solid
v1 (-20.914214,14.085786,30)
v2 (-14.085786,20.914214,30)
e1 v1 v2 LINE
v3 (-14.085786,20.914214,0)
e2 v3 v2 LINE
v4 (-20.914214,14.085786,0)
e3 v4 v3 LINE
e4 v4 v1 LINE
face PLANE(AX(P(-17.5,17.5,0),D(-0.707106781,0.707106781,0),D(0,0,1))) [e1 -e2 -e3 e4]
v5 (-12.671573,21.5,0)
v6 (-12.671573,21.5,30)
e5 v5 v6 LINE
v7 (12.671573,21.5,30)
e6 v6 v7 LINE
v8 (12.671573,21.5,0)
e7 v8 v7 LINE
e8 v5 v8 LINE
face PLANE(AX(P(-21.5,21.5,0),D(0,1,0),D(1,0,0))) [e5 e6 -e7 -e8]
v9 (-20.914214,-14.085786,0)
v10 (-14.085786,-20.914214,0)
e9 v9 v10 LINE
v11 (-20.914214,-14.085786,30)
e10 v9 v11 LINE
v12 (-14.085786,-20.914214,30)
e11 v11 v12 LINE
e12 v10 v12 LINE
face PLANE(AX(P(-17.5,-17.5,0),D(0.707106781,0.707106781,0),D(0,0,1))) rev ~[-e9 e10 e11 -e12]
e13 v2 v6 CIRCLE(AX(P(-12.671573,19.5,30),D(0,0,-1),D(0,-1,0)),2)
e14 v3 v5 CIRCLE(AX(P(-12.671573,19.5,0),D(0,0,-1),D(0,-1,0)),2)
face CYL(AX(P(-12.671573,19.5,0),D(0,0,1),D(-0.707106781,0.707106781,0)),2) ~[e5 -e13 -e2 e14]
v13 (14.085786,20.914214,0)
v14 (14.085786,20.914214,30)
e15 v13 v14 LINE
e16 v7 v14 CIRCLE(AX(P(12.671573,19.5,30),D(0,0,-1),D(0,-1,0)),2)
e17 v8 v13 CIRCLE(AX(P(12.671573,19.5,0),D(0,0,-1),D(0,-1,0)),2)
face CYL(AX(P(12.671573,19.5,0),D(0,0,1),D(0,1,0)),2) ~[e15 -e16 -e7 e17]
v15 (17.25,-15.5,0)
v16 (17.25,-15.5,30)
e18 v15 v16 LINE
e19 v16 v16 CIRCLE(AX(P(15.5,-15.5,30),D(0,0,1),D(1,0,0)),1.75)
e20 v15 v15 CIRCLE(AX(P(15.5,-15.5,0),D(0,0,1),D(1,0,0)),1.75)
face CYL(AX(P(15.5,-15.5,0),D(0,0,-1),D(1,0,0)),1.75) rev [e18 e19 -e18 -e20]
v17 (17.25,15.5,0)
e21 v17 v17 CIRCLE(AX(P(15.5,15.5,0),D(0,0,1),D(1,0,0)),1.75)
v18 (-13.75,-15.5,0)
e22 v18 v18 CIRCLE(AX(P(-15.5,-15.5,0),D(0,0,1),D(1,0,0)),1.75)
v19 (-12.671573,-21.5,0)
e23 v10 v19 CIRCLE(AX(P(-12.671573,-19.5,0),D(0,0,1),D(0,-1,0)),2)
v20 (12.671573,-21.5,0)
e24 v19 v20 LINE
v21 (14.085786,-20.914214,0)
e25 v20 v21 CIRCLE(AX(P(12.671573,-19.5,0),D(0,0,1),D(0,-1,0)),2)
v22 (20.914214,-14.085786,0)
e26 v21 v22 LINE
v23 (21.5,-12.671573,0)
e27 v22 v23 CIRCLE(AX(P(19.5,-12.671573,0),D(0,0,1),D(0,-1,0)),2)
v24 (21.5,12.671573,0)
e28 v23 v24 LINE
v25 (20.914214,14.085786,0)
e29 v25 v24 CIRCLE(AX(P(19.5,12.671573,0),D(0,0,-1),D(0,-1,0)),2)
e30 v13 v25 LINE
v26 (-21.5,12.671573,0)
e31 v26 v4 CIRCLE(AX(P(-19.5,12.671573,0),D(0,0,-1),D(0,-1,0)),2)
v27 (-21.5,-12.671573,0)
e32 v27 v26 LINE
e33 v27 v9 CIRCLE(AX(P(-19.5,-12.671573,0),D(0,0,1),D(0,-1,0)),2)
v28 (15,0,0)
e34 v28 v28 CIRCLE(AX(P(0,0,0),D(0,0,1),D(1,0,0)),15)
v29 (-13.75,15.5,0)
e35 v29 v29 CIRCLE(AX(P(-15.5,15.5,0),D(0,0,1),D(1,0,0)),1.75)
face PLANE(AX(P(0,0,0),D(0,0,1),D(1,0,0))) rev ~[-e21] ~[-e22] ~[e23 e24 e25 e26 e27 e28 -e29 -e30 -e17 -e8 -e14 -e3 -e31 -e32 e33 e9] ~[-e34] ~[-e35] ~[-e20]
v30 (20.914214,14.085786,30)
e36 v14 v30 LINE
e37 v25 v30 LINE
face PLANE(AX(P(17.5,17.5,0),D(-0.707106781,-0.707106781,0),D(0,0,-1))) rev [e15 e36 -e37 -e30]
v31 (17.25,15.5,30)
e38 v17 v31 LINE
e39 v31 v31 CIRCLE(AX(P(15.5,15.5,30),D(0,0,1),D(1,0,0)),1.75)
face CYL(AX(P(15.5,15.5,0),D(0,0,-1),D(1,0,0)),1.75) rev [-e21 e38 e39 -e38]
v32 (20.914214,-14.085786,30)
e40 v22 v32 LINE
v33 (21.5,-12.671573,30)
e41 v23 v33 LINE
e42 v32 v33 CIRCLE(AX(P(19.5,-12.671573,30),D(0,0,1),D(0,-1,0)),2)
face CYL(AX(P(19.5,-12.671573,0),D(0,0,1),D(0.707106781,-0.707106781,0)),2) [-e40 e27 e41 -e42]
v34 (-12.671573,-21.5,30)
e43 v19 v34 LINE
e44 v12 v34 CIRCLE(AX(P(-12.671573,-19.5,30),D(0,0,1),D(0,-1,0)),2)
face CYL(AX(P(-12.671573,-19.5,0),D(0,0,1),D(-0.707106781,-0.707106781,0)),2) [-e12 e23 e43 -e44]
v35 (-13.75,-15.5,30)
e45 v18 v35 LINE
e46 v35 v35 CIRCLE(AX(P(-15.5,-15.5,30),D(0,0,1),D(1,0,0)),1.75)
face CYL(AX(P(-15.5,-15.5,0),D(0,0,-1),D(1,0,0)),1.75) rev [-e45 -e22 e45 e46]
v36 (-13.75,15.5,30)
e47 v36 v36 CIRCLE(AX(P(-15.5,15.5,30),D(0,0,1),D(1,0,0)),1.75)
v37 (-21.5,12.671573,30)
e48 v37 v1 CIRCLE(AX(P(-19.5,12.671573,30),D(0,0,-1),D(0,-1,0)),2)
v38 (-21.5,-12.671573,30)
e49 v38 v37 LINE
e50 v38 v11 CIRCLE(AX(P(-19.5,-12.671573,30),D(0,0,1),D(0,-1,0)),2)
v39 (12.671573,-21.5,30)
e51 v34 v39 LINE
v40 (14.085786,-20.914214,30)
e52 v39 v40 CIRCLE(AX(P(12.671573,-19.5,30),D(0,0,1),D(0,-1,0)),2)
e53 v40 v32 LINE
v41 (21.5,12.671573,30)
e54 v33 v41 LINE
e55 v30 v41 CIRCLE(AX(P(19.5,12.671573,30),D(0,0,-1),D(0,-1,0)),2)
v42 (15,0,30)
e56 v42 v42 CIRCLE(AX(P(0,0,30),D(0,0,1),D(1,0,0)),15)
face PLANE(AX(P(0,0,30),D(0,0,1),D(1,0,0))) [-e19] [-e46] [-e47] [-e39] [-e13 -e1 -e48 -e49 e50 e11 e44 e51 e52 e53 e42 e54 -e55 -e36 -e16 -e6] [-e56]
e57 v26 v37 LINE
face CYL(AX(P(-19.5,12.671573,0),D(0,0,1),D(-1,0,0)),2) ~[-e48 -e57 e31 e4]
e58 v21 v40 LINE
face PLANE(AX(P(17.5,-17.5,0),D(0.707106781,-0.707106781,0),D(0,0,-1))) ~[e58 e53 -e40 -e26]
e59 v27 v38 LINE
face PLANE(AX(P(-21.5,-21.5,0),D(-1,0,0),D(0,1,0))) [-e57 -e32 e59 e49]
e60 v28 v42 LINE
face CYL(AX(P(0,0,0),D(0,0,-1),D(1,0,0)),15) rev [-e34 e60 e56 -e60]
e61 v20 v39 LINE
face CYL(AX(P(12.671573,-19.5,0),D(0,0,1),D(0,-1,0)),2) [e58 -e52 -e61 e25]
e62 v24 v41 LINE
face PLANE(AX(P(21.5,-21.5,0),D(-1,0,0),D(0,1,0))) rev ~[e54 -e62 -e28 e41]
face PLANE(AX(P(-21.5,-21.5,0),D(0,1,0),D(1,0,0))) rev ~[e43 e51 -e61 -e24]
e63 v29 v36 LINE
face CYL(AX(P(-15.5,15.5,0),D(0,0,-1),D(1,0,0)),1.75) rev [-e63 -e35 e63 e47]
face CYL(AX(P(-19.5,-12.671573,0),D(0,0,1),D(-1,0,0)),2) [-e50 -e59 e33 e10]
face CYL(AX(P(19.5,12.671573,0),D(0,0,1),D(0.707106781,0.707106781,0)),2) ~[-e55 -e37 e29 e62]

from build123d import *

# Parameters (mm, degrees)
F0_W     = 43
F0_H     = 43
F0_R     = 1.75
F0_R_2   = 15
F1_DEPTH = 30
F2_SIZE  = 8
F3_R     = 2


with BuildPart() as f1:
    # F0 (on Top) → F1 (new body)
    with BuildSketch(Plane.XY):
        Rectangle(F0_W, F0_H)
        with Locations((-15.5, -15.5)):
            Circle(F0_R, mode=Mode.SUBTRACT)
        with Locations((15.5, -15.5)):
            Circle(F0_R, mode=Mode.SUBTRACT)
        with Locations((-15.5, 15.5)):
            Circle(F0_R, mode=Mode.SUBTRACT)
        Circle(F0_R_2, mode=Mode.SUBTRACT)
        with Locations((15.5, 15.5)):
            Circle(F0_R, mode=Mode.SUBTRACT)
    extrude(amount=F1_DEPTH)

    # F2
    f2_edges = [f1.edges().sort_by_distance(p)[0] for p in [
        (-21.5, -21.5, 15),
        (21.5, -21.5, 15),
        (21.5, 21.5, 15),
        (-21.5, 21.5, 15),
    ]]
    chamfer(f2_edges, length=F2_SIZE)

    # F3
    f3_edges = [f1.edges().sort_by_distance(p)[0] for p in [
        (-13.5, 21.5, 15),
        (13.5, 21.5, 15),
        (21.5, 13.5, 15),
        (-21.5, 13.5, 15),
        (21.5, -13.5, 15),
        (13.5, -21.5, 15),
        (-13.5, -21.5, 15),
        (-21.5, -13.5, 15),
    ]]
    fillet(f3_edges, radius=F3_R)


solid = f1.part
